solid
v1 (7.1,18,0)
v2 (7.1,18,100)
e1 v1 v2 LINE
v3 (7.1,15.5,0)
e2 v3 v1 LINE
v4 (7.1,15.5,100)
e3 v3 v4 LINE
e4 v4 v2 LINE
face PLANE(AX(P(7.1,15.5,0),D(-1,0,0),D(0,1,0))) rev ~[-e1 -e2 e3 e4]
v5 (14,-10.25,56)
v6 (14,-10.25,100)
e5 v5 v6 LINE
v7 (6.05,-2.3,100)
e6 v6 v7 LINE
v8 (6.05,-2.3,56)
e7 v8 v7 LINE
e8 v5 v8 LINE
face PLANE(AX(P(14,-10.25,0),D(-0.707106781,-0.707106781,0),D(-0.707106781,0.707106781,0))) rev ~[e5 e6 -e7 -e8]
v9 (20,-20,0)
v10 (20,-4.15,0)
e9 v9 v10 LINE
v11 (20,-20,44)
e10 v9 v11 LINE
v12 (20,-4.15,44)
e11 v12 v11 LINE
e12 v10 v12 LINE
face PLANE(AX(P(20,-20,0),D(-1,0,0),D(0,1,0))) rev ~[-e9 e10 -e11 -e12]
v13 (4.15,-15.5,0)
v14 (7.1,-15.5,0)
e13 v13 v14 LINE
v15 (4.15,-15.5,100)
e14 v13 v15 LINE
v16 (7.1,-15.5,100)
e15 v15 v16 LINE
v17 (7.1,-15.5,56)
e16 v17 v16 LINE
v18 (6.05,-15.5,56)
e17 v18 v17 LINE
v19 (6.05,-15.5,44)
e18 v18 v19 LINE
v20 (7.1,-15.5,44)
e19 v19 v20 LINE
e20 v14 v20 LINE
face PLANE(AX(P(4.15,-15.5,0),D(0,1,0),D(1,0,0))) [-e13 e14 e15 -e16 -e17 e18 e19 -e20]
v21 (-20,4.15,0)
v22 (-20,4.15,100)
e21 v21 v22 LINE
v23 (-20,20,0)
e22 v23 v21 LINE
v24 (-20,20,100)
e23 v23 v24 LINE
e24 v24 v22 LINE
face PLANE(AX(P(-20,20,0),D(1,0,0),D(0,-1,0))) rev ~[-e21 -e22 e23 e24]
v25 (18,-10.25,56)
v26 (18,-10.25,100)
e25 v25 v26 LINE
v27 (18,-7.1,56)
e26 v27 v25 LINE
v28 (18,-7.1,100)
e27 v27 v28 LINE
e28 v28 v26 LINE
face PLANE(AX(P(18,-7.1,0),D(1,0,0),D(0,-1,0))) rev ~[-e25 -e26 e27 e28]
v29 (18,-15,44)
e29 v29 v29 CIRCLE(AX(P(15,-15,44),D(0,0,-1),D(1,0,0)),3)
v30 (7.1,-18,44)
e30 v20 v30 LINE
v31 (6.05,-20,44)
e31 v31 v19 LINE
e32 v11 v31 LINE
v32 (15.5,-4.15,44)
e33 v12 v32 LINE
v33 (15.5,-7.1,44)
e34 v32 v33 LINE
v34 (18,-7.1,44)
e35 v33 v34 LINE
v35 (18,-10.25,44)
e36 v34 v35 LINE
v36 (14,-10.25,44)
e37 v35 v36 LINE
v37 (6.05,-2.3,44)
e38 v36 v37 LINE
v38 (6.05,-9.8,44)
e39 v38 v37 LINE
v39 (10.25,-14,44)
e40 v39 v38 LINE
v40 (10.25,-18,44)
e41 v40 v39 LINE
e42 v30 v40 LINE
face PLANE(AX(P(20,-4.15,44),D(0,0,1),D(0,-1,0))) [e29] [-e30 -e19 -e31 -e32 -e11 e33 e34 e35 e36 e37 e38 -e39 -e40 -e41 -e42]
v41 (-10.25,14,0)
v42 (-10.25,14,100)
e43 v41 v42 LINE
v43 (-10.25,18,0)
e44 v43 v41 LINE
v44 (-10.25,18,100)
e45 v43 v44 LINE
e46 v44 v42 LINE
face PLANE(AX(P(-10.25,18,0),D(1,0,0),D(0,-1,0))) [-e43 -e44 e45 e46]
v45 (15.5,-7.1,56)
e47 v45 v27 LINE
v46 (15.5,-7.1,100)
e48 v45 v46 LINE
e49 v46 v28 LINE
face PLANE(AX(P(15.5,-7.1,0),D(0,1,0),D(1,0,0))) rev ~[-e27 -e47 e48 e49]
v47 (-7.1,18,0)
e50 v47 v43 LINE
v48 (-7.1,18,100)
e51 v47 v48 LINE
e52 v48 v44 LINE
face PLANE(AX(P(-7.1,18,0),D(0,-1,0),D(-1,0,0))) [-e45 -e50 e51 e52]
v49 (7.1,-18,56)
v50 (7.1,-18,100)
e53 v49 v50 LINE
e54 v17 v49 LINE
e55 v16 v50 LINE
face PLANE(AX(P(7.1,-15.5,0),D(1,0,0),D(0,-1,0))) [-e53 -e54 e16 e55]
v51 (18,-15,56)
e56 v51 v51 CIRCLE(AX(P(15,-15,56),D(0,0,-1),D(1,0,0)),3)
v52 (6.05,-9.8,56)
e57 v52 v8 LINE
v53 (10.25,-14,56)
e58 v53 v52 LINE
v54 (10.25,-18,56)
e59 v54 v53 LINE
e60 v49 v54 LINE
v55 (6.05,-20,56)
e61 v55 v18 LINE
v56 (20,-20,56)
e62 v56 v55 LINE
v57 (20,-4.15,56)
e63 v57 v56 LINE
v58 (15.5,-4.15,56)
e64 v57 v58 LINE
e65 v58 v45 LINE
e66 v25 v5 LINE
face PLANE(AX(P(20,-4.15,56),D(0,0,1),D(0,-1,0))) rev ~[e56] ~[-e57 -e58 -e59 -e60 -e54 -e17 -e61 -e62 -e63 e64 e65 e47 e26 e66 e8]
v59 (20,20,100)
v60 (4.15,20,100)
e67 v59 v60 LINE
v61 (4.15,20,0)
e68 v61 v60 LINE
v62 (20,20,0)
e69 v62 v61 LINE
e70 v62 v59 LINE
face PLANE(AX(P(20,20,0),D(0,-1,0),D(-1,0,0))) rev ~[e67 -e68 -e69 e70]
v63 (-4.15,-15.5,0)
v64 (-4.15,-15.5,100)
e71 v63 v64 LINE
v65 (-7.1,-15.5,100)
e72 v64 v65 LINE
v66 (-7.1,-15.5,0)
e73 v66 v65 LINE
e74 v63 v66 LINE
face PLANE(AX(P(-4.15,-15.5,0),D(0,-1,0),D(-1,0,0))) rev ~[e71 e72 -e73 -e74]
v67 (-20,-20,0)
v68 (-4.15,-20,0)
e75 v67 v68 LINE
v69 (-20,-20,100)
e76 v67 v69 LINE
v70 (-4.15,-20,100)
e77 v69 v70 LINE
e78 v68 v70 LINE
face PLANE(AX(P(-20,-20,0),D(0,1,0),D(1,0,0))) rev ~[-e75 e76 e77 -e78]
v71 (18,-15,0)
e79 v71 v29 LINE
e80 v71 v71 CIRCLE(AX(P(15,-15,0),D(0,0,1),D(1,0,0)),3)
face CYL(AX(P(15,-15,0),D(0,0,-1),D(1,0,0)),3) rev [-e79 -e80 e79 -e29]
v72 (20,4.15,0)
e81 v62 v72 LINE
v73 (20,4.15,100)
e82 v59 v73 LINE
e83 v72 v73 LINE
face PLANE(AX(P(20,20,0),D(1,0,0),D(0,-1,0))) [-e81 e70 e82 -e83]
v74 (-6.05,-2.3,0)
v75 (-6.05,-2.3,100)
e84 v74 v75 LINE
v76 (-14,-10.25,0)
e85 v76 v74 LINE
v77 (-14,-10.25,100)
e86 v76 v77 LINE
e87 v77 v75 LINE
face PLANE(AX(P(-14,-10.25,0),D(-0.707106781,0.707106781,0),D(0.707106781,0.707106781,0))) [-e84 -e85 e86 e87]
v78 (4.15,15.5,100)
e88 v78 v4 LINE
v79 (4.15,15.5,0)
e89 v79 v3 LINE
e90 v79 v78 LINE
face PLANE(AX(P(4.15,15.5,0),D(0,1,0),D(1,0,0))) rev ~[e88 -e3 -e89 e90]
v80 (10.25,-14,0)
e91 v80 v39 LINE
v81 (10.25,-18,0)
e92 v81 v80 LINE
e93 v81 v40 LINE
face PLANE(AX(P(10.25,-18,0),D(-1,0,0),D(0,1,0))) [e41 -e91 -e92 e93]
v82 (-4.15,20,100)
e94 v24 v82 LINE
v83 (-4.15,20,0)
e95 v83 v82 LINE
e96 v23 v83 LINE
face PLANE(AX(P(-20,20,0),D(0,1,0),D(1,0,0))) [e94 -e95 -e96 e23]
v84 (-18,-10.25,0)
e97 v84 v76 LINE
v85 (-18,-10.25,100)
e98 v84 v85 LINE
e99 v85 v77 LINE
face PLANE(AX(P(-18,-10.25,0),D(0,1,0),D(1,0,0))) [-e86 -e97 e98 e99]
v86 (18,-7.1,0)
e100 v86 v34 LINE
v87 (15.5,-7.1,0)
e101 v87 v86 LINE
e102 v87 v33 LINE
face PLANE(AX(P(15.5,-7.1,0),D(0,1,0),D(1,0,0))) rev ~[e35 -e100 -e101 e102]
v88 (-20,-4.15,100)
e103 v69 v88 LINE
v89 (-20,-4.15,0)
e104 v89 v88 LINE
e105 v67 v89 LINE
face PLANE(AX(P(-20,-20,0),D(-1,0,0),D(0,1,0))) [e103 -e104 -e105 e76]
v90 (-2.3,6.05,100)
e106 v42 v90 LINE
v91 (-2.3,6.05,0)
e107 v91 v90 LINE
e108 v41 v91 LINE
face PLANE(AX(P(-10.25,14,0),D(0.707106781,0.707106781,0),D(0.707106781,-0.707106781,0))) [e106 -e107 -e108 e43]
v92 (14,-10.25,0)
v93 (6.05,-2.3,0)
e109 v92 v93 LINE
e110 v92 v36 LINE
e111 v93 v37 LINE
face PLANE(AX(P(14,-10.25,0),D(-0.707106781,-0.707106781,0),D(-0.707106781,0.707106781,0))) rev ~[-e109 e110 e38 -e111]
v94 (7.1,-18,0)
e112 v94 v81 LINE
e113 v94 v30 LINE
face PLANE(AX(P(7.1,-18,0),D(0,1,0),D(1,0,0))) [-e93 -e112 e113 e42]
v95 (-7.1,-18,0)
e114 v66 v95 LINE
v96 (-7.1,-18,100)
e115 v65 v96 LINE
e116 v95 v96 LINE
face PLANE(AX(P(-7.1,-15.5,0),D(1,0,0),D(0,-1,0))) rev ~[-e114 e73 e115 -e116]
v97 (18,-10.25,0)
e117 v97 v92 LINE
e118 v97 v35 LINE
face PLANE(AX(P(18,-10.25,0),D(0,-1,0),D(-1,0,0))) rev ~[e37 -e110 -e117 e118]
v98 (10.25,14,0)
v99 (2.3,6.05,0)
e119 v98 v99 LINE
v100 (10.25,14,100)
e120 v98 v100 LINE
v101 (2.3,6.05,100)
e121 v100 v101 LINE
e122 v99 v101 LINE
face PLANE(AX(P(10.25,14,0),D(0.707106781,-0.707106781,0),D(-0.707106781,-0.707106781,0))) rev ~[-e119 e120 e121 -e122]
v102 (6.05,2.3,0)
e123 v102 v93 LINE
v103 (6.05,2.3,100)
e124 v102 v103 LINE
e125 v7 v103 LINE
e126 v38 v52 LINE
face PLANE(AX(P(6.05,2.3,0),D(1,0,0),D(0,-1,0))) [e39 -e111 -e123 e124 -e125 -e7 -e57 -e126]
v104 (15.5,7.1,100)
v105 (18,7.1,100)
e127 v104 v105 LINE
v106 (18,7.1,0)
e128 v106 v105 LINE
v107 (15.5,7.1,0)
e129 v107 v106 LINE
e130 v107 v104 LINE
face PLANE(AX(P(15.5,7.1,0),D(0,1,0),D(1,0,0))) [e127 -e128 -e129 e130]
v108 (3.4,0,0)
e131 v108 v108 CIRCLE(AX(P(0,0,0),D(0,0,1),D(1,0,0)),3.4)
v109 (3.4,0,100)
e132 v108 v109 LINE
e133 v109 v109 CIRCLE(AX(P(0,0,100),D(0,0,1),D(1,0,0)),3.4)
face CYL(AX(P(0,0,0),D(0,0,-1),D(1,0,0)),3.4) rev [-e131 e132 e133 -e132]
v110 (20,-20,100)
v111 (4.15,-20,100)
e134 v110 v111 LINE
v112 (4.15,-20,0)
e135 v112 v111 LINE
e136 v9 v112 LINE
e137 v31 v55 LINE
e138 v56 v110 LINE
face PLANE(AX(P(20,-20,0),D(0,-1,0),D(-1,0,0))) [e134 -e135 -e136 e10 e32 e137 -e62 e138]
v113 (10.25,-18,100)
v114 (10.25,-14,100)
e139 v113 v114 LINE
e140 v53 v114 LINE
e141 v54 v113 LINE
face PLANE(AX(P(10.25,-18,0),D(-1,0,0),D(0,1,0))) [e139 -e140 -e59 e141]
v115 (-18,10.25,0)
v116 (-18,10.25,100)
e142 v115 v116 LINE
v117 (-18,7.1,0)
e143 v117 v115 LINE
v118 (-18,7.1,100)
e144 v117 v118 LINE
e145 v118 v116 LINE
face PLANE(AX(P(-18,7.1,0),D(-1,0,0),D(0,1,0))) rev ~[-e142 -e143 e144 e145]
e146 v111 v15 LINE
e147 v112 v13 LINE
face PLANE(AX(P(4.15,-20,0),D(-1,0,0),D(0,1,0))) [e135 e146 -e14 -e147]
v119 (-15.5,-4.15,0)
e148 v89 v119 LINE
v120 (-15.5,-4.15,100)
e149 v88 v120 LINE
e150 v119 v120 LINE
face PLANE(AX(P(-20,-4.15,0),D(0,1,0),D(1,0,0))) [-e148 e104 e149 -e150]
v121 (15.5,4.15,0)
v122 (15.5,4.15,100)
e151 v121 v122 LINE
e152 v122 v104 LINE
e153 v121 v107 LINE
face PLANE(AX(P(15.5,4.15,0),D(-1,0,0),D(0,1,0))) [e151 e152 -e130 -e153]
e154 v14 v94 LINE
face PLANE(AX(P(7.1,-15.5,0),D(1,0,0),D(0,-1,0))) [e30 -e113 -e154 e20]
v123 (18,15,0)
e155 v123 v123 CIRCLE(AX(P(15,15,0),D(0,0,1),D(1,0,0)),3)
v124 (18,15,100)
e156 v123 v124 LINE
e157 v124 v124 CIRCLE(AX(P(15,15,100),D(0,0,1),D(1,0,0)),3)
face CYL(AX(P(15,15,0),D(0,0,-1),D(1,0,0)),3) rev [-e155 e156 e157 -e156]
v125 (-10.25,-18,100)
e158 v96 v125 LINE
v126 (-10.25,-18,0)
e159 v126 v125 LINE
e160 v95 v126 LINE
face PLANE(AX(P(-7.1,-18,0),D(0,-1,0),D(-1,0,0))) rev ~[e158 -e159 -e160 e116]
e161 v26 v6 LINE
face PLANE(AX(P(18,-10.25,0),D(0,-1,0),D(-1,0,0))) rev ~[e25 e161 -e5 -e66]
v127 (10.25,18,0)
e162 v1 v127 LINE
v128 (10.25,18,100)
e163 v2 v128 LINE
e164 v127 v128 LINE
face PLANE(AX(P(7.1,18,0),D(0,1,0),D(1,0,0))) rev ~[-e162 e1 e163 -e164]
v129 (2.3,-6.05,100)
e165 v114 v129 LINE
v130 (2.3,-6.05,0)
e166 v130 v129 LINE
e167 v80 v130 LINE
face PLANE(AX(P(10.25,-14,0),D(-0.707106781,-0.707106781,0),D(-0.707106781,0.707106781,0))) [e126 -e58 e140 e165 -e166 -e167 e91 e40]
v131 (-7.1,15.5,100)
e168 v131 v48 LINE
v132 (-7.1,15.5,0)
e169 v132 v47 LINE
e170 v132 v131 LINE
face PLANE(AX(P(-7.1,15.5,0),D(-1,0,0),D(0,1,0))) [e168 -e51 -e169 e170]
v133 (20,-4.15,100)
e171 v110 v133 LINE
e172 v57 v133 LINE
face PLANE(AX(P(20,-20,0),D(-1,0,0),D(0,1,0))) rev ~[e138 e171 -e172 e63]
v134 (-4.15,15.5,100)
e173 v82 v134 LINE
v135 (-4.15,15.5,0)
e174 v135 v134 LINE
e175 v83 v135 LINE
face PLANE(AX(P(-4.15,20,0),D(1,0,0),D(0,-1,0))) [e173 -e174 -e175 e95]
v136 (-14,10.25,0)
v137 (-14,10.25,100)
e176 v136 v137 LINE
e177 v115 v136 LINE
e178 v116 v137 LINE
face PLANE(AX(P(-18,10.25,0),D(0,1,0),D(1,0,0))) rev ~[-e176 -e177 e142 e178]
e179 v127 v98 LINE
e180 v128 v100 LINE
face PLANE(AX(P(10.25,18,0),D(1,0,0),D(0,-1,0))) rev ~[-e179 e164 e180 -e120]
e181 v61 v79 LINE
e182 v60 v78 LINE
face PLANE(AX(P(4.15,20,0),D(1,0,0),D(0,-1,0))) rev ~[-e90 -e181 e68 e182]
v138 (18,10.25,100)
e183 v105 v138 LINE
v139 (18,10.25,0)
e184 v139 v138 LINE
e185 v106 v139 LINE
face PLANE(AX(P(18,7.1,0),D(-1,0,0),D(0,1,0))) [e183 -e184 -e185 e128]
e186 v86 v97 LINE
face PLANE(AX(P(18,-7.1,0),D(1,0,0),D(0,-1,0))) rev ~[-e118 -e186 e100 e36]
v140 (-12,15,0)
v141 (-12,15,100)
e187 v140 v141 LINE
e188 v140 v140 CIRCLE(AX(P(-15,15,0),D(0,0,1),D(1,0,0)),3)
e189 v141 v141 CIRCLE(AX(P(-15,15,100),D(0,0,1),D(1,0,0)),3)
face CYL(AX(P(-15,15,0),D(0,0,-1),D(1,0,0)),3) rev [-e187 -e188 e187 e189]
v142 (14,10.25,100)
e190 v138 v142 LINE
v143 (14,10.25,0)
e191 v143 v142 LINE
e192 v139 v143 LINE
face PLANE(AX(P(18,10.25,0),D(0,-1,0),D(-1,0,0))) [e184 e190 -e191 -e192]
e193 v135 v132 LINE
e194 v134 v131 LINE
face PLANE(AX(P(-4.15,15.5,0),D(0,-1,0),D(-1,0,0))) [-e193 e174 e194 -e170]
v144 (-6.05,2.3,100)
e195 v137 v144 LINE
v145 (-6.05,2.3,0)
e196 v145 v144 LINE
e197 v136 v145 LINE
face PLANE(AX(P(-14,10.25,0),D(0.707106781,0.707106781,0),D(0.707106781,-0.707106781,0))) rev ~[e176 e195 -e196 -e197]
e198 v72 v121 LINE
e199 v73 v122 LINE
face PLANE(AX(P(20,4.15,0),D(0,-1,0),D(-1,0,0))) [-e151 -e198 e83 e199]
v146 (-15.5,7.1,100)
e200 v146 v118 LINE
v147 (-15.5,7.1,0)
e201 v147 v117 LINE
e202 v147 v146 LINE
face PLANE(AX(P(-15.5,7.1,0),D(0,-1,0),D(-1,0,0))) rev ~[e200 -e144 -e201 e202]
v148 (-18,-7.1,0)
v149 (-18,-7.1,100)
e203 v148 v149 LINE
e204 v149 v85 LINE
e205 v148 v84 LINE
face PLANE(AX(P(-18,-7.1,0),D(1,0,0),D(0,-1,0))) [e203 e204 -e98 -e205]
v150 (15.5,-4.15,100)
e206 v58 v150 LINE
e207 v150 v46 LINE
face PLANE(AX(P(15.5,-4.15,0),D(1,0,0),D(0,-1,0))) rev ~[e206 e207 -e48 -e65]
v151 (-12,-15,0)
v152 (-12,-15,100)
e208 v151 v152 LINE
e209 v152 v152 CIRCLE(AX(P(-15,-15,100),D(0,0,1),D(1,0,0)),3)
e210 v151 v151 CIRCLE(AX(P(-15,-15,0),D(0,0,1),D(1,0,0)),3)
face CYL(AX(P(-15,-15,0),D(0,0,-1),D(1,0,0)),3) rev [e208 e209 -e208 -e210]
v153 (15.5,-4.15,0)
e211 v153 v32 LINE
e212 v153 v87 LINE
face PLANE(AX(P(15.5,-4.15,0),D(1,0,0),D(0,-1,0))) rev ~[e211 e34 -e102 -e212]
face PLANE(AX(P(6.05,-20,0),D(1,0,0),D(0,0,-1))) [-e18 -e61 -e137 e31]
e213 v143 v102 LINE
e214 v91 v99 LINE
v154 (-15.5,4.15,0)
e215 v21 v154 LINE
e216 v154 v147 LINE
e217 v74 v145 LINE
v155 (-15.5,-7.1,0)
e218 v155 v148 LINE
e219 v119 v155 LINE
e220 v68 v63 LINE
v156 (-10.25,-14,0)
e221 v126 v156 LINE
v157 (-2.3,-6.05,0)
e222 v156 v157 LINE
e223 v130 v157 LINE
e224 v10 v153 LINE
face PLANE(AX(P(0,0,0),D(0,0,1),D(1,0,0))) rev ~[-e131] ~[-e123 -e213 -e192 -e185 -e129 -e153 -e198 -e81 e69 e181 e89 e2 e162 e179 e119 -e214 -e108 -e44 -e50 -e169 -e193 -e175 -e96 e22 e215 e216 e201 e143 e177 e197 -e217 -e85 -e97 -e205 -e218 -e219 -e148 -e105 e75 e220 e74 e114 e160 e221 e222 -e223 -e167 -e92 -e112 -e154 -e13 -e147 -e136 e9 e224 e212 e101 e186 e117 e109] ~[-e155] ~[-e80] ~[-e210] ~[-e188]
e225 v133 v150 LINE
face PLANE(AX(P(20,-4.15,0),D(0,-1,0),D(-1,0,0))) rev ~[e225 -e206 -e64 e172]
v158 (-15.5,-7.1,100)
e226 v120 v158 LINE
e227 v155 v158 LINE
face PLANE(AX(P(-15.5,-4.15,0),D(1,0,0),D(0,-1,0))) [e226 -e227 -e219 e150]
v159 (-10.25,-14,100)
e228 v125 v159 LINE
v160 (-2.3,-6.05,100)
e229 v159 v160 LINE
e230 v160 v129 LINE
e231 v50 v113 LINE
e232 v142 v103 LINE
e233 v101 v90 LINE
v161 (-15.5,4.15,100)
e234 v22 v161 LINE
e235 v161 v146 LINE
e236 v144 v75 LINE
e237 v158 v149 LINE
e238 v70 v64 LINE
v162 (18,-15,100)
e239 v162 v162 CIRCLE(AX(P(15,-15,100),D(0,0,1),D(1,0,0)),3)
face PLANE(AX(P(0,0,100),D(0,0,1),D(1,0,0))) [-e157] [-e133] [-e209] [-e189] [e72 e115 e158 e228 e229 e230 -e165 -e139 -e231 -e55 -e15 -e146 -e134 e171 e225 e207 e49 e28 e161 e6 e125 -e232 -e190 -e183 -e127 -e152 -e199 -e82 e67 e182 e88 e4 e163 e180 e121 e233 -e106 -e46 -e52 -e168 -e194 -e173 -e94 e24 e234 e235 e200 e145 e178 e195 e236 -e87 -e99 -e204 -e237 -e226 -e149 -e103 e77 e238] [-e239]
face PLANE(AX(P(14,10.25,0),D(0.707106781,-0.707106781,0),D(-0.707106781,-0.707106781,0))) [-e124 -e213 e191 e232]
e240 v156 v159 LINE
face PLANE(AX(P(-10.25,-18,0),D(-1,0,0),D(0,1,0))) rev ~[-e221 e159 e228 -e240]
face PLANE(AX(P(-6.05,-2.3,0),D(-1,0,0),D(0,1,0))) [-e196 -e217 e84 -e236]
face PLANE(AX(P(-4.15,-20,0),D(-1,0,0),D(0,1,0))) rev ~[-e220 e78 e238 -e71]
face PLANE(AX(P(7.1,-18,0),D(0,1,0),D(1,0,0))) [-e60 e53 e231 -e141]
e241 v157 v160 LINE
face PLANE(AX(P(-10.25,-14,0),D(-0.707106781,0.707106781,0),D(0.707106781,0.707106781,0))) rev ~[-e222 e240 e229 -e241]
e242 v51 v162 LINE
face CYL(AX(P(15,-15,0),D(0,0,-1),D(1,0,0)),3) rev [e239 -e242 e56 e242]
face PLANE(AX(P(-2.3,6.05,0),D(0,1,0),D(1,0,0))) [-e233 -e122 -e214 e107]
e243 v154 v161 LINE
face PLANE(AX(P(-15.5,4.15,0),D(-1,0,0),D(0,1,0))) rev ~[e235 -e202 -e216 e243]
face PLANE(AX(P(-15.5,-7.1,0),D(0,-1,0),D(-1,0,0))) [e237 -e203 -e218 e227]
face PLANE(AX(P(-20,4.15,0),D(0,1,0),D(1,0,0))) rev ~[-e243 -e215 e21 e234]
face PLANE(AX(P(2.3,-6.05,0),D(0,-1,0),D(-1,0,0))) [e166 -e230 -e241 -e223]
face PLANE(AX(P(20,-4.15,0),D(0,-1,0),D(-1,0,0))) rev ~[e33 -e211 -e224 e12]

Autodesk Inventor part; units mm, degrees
ref_plane "YZ Plane" through (0, 0, 0) normal (1, 0, 0) x (0, 1, 0)
ref_plane "XZ Plane" through (0, 0, 0) normal (0, 1, 0) x (-1, 0, 0)
sketch "Sketch1" plane through (0, 0, 0) normal (0, 0, 1) x (1, 0, 0)
  circle A0 centre (0, 0) radius 3.4
  line L0 (0, 0) -> (20, 20) construction
  line L1 (0, 0) -> (28.2843, 0) construction
  line L2 (20, 20) -> (4.15, 20)
  line L3 (4.15, 20) -> (4.15, 15.5)
  line L4 (4.15, 15.5) -> (7.1, 15.5)
  line L5 (7.1, 15.5) -> (7.1, 18)
  line L6 (7.1, 18) -> (10.25, 18)
  line L7 (10.25, 18) -> (10.25, 14)
  line L8 (0, 0) -> (0, 26.1056) construction
  line L9 (10.25, 14) -> (2.3, 6.05)
  line L10 (2.3, 6.05) -> (0, 6.05)
  circle A1 centre (15, 15) radius 3
  line L11 (20, 20) -> (20, 4.15)
  line L12 (20, 4.15) -> (15.5, 4.15)
  line L13 (15.5, 4.15) -> (15.5, 7.1)
  line L14 (15.5, 7.1) -> (18, 7.1)
  line L15 (18, 7.1) -> (18, 10.25)
  line L16 (18, 10.25) -> (14, 10.25)
  line L17 (14, 10.25) -> (6.05, 2.3)
  line L18 (6.05, 2.3) -> (6.05, 0)
  line L19 (-2.3, 6.05) -> (0, 6.05)
  line L20 (-10.25, 14) -> (-2.3, 6.05)
  line L21 (-10.25, 18) -> (-10.25, 14)
  line L22 (-4.15, 15.5) -> (-7.1, 15.5)
  line L23 (-7.1, 15.5) -> (-7.1, 18)
  line L24 (-7.1, 18) -> (-10.25, 18)
  line L25 (-4.15, 20) -> (-4.15, 15.5)
  line L26 (-20, 20) -> (-4.15, 20)
  circle A2 centre (-15, 15) radius 3
  line L27 (-20, 20) -> (-20, 4.15)
  line L28 (-14, 10.25) -> (-6.05, 2.3)
  line L29 (-18, 7.1) -> (-18, 10.25)
  line L30 (-18, 10.25) -> (-14, 10.25)
  line L31 (-20, 4.15) -> (-15.5, 4.15)
  line L32 (-15.5, 4.15) -> (-15.5, 7.1)
  line L33 (-15.5, 7.1) -> (-18, 7.1)
  line L34 (-6.05, 2.3) -> (-6.05, 0)
  line L35 (-6.05, -2.3) -> (-6.05, 0)
  line L36 (-14, -10.25) -> (-6.05, -2.3)
  line L37 (-18, -10.25) -> (-14, -10.25)
  line L38 (-15.5, -4.15) -> (-15.5, -7.1)
  line L39 (-15.5, -7.1) -> (-18, -7.1)
  line L40 (-18, -7.1) -> (-18, -10.25)
  line L41 (-20, -4.15) -> (-15.5, -4.15)
  line L42 (-20, -20) -> (-20, -4.15)
  circle A3 centre (-15, -15) radius 3
  line L43 (-20, -20) -> (-4.15, -20)
  line L44 (-10.25, -14) -> (-2.3, -6.05)
  line L45 (-7.1, -18) -> (-10.25, -18)
  line L46 (-10.25, -18) -> (-10.25, -14)
  line L47 (-4.15, -20) -> (-4.15, -15.5)
  line L48 (-4.15, -15.5) -> (-7.1, -15.5)
  line L49 (-7.1, -15.5) -> (-7.1, -18)
  line L50 (-2.3, -6.05) -> (0, -6.05)
  line L51 (2.3, -6.05) -> (0, -6.05)
  line L52 (10.25, -14) -> (2.3, -6.05)
  line L53 (10.25, -18) -> (10.25, -14)
  line L54 (4.15, -15.5) -> (7.1, -15.5)
  line L55 (7.1, -15.5) -> (7.1, -18)
  line L56 (7.1, -18) -> (10.25, -18)
  line L57 (4.15, -20) -> (4.15, -15.5)
  line L58 (20, -20) -> (4.15, -20)
  circle A4 centre (15, -15) radius 3
  line L59 (20, -20) -> (20, -4.15)
  line L60 (14, -10.25) -> (6.05, -2.3)
  line L61 (18, -7.1) -> (18, -10.25)
  line L62 (18, -10.25) -> (14, -10.25)
  line L63 (20, -4.15) -> (15.5, -4.15)
  line L64 (15.5, -4.15) -> (15.5, -7.1)
  line L65 (15.5, -7.1) -> (18, -7.1)
  line L66 (6.05, -2.3) -> (6.05, 0)
  point P0 (0, 6.05)
  point P1 (-6.05, 0)
  point P2 (0, -6.05)
  dimension "d0" = 6.8
  dimension "d1" = 45
  dimension "d2" = 20
  dimension "d3" = 6
  dimension "d4" = 15
  dimension "d5" = 10.25
  dimension "d6" = 7.1
  dimension "d7" = 4.15
  dimension "d8" = 4.5
  dimension "d9" = 2
  dimension "d10" = 13.95
  dimension "d11" = 6
  dimension "d14" = 360
extrude "Extrusion1" add sketch "Sketch1" along normal blind 100
ref_plane "Work Plane1" through (0, 0, 50) normal (0, 0, 1) x (1, 0, 0)
sketch "Sketch2" plane through (20, -20, 0) normal (1, 0, 0) x (0, 0, -1)
  line L0 (0, 15.85) -> (-100, 15.85) projected
  line L1 (0, 0) -> (-100, 0) projected
  line L2 (-56, 15.85) -> (-56, 0)
  line L3 (-50, 15.85) -> (-50, 0) construction
  line L4 (-44, 15.85) -> (-44, 0)
  line L5 (-56, 15.85) -> (-44, 15.85)
  line L6 (-56, 0) -> (-44, 0)
  line L7 (-56, 15.85) -> (-56, 21.85)
  line L8 (-56, 21.85) -> (-44, 21.85)
  line L9 (-44, 21.85) -> (-44, 15.85)
  point P0 (0, 20)
  dimension "d21" = 12
  dimension "d22" = 6
extrude "Extrusion2" cut sketch "Sketch2" against normal up to surface (13.95 mm away)
sketch "Sketch3" plane through (20, -20, 100) normal (1, 0, 0) x (0, 0, -1)
  line L0 (44, 0) -> (44, 15.85) projected
  line L1 (56, 15.85) -> (56, 0) projected
  line L2 (44, 18.85) -> (44, -3)
  line L3 (56, 18.85) -> (56, -3)
  line L4 (44, -3) -> (56, -3)
  line L5 (44, 18.85) -> (56, 18.85)
  line L6 (44, 15.85) -> (0, 15.85) projected
  line L7 (44, 0) -> (0, 0) projected
  point P0 (100, 20)
  dimension "d23" = 3
  dimension "d24" = 3
properties part number "Aluminum_Profile_4040_100.14mm_top" material "Aluminum 6061-AHC"
